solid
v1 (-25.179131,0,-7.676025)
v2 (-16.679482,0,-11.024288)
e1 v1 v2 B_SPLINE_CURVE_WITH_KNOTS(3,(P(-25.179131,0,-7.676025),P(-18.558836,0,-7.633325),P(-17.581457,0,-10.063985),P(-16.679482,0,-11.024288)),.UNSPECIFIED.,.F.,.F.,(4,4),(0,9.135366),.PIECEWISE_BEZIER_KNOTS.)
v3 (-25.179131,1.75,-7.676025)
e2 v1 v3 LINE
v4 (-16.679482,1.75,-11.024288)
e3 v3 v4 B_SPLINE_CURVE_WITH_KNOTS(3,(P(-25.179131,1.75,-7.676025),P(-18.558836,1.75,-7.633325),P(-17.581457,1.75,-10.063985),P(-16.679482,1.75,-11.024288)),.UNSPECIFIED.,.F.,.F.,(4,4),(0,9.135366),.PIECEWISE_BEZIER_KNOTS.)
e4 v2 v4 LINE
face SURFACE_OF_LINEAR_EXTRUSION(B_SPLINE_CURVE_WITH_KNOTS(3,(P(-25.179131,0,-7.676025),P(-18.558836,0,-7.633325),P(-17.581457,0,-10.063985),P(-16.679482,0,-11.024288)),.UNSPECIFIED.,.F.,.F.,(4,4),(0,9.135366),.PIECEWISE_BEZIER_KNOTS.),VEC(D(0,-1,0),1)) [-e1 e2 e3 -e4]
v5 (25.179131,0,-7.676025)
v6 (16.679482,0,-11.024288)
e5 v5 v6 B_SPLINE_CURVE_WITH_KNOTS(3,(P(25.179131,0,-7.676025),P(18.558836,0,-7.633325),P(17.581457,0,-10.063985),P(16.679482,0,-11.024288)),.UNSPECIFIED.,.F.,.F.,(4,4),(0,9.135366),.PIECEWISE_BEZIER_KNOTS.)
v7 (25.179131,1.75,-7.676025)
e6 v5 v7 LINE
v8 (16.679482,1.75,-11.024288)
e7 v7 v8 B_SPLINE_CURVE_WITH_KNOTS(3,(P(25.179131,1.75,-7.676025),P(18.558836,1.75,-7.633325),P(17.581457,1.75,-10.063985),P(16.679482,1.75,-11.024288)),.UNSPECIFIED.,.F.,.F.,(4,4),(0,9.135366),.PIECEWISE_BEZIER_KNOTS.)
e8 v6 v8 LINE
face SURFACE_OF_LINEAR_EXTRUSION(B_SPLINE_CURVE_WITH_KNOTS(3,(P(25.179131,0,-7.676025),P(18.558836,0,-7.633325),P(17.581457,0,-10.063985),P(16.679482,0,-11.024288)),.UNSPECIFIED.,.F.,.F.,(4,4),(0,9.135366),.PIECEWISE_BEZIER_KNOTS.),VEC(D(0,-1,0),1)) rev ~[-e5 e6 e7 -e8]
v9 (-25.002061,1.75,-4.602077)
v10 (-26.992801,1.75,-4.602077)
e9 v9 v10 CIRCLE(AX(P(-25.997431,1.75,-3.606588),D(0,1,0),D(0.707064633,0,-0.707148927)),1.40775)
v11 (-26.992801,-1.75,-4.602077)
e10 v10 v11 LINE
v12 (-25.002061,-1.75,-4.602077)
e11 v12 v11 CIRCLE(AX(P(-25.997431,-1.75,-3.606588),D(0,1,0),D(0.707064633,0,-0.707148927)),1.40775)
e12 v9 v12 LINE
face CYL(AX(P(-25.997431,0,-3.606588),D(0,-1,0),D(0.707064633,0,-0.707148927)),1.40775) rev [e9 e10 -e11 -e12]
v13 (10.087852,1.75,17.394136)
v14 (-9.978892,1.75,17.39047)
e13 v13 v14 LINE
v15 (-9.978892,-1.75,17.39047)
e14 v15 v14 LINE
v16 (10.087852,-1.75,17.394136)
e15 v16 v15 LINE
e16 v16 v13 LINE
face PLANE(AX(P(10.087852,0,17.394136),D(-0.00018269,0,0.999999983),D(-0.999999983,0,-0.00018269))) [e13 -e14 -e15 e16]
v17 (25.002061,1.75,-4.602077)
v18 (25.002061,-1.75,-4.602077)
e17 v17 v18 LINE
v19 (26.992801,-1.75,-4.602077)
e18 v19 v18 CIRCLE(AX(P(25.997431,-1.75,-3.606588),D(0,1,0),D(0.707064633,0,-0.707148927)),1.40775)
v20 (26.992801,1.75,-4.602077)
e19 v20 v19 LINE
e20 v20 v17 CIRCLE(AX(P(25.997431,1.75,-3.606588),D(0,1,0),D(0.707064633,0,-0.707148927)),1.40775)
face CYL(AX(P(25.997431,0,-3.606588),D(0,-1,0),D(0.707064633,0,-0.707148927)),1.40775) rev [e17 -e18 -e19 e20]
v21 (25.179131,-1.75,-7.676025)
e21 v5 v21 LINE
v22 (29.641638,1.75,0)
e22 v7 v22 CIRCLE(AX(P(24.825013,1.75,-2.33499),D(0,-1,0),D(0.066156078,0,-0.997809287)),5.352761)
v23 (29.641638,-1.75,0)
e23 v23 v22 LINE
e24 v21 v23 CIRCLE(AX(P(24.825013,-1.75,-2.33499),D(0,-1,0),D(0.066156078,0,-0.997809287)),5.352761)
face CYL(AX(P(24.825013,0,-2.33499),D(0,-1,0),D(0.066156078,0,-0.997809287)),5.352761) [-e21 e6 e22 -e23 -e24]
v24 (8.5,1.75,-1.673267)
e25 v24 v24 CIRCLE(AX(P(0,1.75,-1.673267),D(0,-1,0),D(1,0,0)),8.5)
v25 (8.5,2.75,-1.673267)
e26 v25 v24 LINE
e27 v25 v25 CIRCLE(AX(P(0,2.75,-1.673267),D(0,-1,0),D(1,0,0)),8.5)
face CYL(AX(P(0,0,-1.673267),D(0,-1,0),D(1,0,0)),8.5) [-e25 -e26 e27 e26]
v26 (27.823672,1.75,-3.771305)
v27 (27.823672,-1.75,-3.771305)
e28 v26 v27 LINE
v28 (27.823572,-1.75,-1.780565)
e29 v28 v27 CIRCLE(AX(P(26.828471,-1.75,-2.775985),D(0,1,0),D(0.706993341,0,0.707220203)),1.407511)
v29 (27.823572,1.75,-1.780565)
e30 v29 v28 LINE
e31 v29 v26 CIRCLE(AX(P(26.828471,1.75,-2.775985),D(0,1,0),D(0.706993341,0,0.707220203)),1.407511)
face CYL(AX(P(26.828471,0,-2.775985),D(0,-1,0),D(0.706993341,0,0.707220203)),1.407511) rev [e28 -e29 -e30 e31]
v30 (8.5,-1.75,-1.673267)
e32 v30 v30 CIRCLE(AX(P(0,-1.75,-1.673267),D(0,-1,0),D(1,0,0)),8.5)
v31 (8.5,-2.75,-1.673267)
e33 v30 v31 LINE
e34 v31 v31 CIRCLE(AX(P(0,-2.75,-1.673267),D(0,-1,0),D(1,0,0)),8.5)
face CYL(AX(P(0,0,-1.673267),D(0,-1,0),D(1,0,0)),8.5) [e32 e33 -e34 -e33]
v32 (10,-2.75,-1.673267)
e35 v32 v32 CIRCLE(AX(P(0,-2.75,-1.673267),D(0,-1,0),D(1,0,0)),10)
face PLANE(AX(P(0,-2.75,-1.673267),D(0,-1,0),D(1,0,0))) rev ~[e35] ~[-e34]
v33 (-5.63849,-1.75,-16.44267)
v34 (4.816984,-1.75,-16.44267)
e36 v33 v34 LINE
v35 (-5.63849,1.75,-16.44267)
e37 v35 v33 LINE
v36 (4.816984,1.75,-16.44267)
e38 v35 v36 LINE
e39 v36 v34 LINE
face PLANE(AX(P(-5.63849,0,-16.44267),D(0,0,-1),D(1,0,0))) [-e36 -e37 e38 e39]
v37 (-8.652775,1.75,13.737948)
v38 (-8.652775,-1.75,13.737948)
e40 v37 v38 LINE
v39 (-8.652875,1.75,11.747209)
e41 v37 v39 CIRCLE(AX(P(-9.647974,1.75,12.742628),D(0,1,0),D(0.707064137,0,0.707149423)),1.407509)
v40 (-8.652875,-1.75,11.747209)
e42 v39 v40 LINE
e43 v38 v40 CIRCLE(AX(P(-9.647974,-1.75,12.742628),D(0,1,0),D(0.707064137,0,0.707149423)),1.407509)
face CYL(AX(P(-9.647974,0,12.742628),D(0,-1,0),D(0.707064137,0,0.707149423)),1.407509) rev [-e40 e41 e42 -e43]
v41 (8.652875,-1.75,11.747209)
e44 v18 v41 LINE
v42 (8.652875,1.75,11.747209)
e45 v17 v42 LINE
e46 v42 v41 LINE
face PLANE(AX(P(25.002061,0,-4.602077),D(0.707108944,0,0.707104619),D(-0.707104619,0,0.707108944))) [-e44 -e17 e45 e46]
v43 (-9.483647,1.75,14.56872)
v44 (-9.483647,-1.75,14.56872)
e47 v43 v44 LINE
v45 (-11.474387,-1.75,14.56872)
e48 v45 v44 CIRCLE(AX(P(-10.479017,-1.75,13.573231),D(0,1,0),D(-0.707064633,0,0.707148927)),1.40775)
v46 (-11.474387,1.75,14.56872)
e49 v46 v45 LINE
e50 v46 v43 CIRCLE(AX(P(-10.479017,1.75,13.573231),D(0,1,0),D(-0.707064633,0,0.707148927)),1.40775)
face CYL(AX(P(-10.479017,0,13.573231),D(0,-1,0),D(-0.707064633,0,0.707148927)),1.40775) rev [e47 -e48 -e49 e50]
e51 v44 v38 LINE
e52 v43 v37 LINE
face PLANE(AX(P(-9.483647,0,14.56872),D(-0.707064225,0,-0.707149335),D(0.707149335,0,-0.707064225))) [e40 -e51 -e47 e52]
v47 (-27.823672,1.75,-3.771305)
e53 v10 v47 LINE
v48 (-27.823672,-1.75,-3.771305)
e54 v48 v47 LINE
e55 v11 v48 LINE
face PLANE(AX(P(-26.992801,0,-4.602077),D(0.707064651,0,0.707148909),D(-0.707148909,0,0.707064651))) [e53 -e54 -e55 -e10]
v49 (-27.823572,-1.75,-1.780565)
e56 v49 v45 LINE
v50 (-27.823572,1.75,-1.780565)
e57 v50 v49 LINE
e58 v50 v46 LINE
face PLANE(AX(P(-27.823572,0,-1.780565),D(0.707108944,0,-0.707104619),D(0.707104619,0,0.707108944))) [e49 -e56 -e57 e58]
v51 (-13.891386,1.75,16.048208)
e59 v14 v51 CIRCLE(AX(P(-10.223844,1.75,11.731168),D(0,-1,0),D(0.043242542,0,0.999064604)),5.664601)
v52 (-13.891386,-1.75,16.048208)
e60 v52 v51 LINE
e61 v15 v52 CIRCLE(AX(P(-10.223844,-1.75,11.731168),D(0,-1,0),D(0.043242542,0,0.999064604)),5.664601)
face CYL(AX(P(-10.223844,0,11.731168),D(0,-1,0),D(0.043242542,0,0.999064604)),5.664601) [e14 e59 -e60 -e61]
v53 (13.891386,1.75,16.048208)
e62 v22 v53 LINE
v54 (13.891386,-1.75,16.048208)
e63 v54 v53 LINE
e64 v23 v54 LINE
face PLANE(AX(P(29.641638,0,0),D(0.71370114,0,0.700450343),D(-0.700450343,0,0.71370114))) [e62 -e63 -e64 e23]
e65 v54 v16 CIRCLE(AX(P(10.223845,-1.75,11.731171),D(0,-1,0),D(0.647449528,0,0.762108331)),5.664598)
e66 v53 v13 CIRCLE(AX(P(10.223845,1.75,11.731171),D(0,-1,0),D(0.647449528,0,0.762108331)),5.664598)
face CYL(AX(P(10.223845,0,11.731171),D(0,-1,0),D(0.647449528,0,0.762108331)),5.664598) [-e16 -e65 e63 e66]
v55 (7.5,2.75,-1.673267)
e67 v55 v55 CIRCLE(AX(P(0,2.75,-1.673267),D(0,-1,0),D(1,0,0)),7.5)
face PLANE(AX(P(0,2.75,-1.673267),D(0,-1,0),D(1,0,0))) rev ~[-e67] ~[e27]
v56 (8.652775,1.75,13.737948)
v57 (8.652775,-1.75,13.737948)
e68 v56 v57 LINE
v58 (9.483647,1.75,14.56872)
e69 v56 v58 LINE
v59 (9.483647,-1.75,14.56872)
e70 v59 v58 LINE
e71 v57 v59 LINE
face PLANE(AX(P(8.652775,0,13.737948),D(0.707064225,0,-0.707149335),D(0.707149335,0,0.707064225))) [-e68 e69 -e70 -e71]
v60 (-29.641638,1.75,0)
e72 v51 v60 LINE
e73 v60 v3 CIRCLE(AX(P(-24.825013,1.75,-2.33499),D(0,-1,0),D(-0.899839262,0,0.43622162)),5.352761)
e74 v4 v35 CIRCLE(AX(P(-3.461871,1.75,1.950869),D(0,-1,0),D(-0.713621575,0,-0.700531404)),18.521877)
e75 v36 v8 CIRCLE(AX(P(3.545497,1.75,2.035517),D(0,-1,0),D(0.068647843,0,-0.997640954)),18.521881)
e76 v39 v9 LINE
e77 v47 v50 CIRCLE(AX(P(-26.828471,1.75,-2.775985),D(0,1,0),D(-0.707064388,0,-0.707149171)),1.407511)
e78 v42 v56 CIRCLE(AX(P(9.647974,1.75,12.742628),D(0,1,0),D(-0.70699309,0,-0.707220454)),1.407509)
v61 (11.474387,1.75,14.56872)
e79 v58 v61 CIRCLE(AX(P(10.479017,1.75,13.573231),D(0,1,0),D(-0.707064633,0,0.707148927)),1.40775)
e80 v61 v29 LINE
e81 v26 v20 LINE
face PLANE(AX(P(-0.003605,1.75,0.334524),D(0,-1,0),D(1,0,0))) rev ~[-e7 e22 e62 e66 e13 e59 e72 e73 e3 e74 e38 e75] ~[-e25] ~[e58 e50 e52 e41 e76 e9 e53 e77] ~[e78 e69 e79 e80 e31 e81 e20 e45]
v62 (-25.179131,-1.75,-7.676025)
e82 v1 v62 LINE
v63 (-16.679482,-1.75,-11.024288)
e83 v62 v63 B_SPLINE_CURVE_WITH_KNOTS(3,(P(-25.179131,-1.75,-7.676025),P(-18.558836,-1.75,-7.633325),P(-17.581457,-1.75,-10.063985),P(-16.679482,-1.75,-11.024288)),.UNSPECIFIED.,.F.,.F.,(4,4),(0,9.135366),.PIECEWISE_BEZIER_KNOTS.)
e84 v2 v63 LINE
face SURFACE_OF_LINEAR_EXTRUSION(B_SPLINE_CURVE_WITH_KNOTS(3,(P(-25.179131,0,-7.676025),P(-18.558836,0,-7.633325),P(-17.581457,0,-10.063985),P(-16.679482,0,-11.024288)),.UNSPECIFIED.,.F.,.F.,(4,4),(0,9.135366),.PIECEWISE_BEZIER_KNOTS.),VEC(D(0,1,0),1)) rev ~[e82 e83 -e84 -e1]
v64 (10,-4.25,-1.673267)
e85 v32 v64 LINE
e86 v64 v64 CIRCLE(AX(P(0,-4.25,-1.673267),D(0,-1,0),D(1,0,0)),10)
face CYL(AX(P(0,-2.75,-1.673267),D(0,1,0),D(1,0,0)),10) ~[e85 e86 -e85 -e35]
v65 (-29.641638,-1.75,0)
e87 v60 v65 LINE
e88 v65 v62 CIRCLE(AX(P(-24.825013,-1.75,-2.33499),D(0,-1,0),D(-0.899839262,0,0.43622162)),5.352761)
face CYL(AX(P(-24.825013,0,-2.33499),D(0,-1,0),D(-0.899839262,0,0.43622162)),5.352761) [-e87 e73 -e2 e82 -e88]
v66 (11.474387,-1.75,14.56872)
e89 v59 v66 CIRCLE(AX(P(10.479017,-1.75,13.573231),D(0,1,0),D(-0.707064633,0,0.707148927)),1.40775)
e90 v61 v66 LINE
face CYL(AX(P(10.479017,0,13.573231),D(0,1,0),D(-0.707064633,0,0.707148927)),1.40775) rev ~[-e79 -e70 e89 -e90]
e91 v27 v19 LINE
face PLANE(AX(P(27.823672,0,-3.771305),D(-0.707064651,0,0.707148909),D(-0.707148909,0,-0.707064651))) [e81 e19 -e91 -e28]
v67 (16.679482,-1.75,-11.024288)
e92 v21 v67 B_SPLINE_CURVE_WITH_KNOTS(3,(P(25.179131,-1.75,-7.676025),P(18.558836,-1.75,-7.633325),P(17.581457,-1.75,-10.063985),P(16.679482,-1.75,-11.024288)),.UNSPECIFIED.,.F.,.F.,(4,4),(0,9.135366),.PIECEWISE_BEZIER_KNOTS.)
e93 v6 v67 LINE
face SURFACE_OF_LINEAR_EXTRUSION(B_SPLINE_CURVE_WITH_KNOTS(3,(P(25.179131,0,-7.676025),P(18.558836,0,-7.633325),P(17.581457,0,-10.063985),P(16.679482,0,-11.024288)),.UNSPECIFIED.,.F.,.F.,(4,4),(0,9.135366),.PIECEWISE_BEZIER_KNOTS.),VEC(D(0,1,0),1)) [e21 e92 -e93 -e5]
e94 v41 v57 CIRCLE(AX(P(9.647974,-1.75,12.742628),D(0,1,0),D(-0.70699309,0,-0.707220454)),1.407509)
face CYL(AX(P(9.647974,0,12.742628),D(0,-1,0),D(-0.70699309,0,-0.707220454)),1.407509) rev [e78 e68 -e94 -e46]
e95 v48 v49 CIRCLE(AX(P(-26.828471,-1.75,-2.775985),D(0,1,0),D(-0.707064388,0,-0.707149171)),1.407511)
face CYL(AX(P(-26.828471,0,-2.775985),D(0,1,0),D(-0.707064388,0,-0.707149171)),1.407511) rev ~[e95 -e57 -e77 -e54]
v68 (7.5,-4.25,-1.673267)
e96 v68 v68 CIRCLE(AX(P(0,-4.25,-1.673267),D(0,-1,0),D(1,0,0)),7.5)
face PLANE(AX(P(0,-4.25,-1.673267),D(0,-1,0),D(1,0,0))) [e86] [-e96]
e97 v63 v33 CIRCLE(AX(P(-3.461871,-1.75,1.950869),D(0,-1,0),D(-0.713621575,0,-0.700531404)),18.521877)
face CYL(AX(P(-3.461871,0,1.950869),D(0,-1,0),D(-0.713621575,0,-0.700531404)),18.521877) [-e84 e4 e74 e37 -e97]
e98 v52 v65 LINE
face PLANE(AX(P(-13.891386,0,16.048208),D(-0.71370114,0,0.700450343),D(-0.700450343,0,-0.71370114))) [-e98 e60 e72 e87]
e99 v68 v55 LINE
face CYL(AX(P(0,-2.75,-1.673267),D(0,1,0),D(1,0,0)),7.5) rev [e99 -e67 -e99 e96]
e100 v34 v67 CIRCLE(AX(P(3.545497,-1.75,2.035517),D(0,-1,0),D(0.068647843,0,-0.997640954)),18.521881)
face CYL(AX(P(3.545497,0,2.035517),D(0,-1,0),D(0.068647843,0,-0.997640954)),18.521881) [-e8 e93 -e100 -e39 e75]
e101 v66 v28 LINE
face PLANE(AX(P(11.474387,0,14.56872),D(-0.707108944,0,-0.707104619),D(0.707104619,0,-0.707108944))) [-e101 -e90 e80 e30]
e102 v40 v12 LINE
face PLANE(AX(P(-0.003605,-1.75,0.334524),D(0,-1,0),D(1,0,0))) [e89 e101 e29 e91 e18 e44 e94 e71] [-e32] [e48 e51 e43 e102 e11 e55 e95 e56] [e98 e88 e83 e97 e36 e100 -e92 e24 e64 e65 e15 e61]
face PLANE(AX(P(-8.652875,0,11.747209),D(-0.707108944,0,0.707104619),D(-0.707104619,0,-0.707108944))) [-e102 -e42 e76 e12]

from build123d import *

# Parameters (mm, degrees)
F0_R     = 7.5
F1_DEPTH = 1.75
F2_R     = 8.5
F2_R_2   = 7.5
F3_DEPTH = 2.75
F4_R     = 10
F4_R_2   = 7.5
F5_DEPTH = 1.5


with BuildPart() as f1:
    # F0 (on Front) → F1 (new body, symmetric)
    with BuildSketch(Plane.XZ):
        with BuildLine():
            Line((-13.891386, 16.048208), (-29.641638, 0))
            ThreePointArc((-29.641638, 0), (-29.452592, -5.025263), (-25.179131, -7.676025))
            add(Edge.make_bspline(
                [(-25.179131, -7.676025), (-18.558836, -7.633325), (-17.581457, -10.063985), (-16.679482, -11.024288)],
                knots=[0, 0, 0, 0, 9.135366, 9.135366, 9.135366, 9.135366], degree=3))
            ThreePointArc((-16.679482, -11.024288), (-11.621852, -14.676658), (-5.63849, -16.44267))
            Line((-5.63849, -16.44267), (4.816984, -16.44267))
            ThreePointArc((4.816984, -16.44267), (11.240893, -14.812063), (16.679482, -11.024288))
            add(Edge.make_bspline(
                [(25.179131, -7.676025), (18.558836, -7.633325), (17.581457, -10.063985), (16.679482, -11.024288)],
                knots=[0, 0, 0, 0, 9.135366, 9.135366, 9.135366, 9.135366], degree=3))
            ThreePointArc((25.179131, -7.676025), (29.452592, -5.025263), (29.641638, 0))
            Line((29.641638, 0), (13.891386, 16.048208))
            ThreePointArc((13.891386, 16.048208), (12.113511, 17.071286), (10.087852, 17.394136))
            Line((10.087852, 17.394136), (-9.978892, 17.39047))
            ThreePointArc((-9.978892, 17.39047), (-12.062035, 17.089223), (-13.891386, 16.048208))
        make_face()
        with Locations((0, -1.673267)):
            Circle(F0_R, mode=Mode.SUBTRACT)
        with BuildLine():
            Line((-8.652875, 11.747209), (-25.002061, -4.602077))
            ThreePointArc((-25.002061, -4.602077), (-25.997431, -5.014338), (-26.992801, -4.602077))
            Line((-26.992801, -4.602077), (-27.823672, -3.771305))
            ThreePointArc((-27.823672, -3.771305), (-28.235982, -2.775914), (-27.823572, -1.780565))
            Line((-27.823572, -1.780565), (-11.474387, 14.56872))
            ThreePointArc((-11.474387, 14.56872), (-10.479017, 14.980981), (-9.483647, 14.56872))
            Line((-9.483647, 14.56872), (-8.652775, 13.737948))
            ThreePointArc((-8.652775, 13.737948), (-8.240465, 12.742558), (-8.652875, 11.747209))
        make_face(mode=Mode.SUBTRACT)
        with BuildLine():
            ThreePointArc((9.483647, 14.56872), (10.479017, 14.980981), (11.474387, 14.56872))
            Line((11.474387, 14.56872), (27.823572, -1.780565))
            ThreePointArc((27.823572, -1.780565), (28.235982, -2.775914), (27.823672, -3.771305))
            Line((27.823672, -3.771305), (26.992801, -4.602077))
            ThreePointArc((26.992801, -4.602077), (25.997431, -5.014338), (25.002061, -4.602077))
            Line((25.002061, -4.602077), (8.652875, 11.747209))
            ThreePointArc((8.652875, 11.747209), (8.240465, 12.742558), (8.652775, 13.737948))
            Line((8.652775, 13.737948), (9.483647, 14.56872))
        make_face(mode=Mode.SUBTRACT)
    extrude(amount=F1_DEPTH, both=True)

    # F2 (on Front) → F3 (join, symmetric)
    with BuildSketch(Plane.XZ):
        with Locations((0, -1.673267)):
            Circle(F2_R)
        with Locations((0, -1.673267)):
            Circle(F2_R_2, mode=Mode.SUBTRACT)
    extrude(amount=F3_DEPTH, both=True)

    # F4 (on face) → F5 (join)
    with BuildSketch(Plane.XZ.offset(2.75)):
        with Locations((0, -1.673267)):
            Circle(F4_R)
        with Locations((0, -1.673267)):
            Circle(F4_R_2, mode=Mode.SUBTRACT)
    extrude(amount=F5_DEPTH)


solid = f1.part
